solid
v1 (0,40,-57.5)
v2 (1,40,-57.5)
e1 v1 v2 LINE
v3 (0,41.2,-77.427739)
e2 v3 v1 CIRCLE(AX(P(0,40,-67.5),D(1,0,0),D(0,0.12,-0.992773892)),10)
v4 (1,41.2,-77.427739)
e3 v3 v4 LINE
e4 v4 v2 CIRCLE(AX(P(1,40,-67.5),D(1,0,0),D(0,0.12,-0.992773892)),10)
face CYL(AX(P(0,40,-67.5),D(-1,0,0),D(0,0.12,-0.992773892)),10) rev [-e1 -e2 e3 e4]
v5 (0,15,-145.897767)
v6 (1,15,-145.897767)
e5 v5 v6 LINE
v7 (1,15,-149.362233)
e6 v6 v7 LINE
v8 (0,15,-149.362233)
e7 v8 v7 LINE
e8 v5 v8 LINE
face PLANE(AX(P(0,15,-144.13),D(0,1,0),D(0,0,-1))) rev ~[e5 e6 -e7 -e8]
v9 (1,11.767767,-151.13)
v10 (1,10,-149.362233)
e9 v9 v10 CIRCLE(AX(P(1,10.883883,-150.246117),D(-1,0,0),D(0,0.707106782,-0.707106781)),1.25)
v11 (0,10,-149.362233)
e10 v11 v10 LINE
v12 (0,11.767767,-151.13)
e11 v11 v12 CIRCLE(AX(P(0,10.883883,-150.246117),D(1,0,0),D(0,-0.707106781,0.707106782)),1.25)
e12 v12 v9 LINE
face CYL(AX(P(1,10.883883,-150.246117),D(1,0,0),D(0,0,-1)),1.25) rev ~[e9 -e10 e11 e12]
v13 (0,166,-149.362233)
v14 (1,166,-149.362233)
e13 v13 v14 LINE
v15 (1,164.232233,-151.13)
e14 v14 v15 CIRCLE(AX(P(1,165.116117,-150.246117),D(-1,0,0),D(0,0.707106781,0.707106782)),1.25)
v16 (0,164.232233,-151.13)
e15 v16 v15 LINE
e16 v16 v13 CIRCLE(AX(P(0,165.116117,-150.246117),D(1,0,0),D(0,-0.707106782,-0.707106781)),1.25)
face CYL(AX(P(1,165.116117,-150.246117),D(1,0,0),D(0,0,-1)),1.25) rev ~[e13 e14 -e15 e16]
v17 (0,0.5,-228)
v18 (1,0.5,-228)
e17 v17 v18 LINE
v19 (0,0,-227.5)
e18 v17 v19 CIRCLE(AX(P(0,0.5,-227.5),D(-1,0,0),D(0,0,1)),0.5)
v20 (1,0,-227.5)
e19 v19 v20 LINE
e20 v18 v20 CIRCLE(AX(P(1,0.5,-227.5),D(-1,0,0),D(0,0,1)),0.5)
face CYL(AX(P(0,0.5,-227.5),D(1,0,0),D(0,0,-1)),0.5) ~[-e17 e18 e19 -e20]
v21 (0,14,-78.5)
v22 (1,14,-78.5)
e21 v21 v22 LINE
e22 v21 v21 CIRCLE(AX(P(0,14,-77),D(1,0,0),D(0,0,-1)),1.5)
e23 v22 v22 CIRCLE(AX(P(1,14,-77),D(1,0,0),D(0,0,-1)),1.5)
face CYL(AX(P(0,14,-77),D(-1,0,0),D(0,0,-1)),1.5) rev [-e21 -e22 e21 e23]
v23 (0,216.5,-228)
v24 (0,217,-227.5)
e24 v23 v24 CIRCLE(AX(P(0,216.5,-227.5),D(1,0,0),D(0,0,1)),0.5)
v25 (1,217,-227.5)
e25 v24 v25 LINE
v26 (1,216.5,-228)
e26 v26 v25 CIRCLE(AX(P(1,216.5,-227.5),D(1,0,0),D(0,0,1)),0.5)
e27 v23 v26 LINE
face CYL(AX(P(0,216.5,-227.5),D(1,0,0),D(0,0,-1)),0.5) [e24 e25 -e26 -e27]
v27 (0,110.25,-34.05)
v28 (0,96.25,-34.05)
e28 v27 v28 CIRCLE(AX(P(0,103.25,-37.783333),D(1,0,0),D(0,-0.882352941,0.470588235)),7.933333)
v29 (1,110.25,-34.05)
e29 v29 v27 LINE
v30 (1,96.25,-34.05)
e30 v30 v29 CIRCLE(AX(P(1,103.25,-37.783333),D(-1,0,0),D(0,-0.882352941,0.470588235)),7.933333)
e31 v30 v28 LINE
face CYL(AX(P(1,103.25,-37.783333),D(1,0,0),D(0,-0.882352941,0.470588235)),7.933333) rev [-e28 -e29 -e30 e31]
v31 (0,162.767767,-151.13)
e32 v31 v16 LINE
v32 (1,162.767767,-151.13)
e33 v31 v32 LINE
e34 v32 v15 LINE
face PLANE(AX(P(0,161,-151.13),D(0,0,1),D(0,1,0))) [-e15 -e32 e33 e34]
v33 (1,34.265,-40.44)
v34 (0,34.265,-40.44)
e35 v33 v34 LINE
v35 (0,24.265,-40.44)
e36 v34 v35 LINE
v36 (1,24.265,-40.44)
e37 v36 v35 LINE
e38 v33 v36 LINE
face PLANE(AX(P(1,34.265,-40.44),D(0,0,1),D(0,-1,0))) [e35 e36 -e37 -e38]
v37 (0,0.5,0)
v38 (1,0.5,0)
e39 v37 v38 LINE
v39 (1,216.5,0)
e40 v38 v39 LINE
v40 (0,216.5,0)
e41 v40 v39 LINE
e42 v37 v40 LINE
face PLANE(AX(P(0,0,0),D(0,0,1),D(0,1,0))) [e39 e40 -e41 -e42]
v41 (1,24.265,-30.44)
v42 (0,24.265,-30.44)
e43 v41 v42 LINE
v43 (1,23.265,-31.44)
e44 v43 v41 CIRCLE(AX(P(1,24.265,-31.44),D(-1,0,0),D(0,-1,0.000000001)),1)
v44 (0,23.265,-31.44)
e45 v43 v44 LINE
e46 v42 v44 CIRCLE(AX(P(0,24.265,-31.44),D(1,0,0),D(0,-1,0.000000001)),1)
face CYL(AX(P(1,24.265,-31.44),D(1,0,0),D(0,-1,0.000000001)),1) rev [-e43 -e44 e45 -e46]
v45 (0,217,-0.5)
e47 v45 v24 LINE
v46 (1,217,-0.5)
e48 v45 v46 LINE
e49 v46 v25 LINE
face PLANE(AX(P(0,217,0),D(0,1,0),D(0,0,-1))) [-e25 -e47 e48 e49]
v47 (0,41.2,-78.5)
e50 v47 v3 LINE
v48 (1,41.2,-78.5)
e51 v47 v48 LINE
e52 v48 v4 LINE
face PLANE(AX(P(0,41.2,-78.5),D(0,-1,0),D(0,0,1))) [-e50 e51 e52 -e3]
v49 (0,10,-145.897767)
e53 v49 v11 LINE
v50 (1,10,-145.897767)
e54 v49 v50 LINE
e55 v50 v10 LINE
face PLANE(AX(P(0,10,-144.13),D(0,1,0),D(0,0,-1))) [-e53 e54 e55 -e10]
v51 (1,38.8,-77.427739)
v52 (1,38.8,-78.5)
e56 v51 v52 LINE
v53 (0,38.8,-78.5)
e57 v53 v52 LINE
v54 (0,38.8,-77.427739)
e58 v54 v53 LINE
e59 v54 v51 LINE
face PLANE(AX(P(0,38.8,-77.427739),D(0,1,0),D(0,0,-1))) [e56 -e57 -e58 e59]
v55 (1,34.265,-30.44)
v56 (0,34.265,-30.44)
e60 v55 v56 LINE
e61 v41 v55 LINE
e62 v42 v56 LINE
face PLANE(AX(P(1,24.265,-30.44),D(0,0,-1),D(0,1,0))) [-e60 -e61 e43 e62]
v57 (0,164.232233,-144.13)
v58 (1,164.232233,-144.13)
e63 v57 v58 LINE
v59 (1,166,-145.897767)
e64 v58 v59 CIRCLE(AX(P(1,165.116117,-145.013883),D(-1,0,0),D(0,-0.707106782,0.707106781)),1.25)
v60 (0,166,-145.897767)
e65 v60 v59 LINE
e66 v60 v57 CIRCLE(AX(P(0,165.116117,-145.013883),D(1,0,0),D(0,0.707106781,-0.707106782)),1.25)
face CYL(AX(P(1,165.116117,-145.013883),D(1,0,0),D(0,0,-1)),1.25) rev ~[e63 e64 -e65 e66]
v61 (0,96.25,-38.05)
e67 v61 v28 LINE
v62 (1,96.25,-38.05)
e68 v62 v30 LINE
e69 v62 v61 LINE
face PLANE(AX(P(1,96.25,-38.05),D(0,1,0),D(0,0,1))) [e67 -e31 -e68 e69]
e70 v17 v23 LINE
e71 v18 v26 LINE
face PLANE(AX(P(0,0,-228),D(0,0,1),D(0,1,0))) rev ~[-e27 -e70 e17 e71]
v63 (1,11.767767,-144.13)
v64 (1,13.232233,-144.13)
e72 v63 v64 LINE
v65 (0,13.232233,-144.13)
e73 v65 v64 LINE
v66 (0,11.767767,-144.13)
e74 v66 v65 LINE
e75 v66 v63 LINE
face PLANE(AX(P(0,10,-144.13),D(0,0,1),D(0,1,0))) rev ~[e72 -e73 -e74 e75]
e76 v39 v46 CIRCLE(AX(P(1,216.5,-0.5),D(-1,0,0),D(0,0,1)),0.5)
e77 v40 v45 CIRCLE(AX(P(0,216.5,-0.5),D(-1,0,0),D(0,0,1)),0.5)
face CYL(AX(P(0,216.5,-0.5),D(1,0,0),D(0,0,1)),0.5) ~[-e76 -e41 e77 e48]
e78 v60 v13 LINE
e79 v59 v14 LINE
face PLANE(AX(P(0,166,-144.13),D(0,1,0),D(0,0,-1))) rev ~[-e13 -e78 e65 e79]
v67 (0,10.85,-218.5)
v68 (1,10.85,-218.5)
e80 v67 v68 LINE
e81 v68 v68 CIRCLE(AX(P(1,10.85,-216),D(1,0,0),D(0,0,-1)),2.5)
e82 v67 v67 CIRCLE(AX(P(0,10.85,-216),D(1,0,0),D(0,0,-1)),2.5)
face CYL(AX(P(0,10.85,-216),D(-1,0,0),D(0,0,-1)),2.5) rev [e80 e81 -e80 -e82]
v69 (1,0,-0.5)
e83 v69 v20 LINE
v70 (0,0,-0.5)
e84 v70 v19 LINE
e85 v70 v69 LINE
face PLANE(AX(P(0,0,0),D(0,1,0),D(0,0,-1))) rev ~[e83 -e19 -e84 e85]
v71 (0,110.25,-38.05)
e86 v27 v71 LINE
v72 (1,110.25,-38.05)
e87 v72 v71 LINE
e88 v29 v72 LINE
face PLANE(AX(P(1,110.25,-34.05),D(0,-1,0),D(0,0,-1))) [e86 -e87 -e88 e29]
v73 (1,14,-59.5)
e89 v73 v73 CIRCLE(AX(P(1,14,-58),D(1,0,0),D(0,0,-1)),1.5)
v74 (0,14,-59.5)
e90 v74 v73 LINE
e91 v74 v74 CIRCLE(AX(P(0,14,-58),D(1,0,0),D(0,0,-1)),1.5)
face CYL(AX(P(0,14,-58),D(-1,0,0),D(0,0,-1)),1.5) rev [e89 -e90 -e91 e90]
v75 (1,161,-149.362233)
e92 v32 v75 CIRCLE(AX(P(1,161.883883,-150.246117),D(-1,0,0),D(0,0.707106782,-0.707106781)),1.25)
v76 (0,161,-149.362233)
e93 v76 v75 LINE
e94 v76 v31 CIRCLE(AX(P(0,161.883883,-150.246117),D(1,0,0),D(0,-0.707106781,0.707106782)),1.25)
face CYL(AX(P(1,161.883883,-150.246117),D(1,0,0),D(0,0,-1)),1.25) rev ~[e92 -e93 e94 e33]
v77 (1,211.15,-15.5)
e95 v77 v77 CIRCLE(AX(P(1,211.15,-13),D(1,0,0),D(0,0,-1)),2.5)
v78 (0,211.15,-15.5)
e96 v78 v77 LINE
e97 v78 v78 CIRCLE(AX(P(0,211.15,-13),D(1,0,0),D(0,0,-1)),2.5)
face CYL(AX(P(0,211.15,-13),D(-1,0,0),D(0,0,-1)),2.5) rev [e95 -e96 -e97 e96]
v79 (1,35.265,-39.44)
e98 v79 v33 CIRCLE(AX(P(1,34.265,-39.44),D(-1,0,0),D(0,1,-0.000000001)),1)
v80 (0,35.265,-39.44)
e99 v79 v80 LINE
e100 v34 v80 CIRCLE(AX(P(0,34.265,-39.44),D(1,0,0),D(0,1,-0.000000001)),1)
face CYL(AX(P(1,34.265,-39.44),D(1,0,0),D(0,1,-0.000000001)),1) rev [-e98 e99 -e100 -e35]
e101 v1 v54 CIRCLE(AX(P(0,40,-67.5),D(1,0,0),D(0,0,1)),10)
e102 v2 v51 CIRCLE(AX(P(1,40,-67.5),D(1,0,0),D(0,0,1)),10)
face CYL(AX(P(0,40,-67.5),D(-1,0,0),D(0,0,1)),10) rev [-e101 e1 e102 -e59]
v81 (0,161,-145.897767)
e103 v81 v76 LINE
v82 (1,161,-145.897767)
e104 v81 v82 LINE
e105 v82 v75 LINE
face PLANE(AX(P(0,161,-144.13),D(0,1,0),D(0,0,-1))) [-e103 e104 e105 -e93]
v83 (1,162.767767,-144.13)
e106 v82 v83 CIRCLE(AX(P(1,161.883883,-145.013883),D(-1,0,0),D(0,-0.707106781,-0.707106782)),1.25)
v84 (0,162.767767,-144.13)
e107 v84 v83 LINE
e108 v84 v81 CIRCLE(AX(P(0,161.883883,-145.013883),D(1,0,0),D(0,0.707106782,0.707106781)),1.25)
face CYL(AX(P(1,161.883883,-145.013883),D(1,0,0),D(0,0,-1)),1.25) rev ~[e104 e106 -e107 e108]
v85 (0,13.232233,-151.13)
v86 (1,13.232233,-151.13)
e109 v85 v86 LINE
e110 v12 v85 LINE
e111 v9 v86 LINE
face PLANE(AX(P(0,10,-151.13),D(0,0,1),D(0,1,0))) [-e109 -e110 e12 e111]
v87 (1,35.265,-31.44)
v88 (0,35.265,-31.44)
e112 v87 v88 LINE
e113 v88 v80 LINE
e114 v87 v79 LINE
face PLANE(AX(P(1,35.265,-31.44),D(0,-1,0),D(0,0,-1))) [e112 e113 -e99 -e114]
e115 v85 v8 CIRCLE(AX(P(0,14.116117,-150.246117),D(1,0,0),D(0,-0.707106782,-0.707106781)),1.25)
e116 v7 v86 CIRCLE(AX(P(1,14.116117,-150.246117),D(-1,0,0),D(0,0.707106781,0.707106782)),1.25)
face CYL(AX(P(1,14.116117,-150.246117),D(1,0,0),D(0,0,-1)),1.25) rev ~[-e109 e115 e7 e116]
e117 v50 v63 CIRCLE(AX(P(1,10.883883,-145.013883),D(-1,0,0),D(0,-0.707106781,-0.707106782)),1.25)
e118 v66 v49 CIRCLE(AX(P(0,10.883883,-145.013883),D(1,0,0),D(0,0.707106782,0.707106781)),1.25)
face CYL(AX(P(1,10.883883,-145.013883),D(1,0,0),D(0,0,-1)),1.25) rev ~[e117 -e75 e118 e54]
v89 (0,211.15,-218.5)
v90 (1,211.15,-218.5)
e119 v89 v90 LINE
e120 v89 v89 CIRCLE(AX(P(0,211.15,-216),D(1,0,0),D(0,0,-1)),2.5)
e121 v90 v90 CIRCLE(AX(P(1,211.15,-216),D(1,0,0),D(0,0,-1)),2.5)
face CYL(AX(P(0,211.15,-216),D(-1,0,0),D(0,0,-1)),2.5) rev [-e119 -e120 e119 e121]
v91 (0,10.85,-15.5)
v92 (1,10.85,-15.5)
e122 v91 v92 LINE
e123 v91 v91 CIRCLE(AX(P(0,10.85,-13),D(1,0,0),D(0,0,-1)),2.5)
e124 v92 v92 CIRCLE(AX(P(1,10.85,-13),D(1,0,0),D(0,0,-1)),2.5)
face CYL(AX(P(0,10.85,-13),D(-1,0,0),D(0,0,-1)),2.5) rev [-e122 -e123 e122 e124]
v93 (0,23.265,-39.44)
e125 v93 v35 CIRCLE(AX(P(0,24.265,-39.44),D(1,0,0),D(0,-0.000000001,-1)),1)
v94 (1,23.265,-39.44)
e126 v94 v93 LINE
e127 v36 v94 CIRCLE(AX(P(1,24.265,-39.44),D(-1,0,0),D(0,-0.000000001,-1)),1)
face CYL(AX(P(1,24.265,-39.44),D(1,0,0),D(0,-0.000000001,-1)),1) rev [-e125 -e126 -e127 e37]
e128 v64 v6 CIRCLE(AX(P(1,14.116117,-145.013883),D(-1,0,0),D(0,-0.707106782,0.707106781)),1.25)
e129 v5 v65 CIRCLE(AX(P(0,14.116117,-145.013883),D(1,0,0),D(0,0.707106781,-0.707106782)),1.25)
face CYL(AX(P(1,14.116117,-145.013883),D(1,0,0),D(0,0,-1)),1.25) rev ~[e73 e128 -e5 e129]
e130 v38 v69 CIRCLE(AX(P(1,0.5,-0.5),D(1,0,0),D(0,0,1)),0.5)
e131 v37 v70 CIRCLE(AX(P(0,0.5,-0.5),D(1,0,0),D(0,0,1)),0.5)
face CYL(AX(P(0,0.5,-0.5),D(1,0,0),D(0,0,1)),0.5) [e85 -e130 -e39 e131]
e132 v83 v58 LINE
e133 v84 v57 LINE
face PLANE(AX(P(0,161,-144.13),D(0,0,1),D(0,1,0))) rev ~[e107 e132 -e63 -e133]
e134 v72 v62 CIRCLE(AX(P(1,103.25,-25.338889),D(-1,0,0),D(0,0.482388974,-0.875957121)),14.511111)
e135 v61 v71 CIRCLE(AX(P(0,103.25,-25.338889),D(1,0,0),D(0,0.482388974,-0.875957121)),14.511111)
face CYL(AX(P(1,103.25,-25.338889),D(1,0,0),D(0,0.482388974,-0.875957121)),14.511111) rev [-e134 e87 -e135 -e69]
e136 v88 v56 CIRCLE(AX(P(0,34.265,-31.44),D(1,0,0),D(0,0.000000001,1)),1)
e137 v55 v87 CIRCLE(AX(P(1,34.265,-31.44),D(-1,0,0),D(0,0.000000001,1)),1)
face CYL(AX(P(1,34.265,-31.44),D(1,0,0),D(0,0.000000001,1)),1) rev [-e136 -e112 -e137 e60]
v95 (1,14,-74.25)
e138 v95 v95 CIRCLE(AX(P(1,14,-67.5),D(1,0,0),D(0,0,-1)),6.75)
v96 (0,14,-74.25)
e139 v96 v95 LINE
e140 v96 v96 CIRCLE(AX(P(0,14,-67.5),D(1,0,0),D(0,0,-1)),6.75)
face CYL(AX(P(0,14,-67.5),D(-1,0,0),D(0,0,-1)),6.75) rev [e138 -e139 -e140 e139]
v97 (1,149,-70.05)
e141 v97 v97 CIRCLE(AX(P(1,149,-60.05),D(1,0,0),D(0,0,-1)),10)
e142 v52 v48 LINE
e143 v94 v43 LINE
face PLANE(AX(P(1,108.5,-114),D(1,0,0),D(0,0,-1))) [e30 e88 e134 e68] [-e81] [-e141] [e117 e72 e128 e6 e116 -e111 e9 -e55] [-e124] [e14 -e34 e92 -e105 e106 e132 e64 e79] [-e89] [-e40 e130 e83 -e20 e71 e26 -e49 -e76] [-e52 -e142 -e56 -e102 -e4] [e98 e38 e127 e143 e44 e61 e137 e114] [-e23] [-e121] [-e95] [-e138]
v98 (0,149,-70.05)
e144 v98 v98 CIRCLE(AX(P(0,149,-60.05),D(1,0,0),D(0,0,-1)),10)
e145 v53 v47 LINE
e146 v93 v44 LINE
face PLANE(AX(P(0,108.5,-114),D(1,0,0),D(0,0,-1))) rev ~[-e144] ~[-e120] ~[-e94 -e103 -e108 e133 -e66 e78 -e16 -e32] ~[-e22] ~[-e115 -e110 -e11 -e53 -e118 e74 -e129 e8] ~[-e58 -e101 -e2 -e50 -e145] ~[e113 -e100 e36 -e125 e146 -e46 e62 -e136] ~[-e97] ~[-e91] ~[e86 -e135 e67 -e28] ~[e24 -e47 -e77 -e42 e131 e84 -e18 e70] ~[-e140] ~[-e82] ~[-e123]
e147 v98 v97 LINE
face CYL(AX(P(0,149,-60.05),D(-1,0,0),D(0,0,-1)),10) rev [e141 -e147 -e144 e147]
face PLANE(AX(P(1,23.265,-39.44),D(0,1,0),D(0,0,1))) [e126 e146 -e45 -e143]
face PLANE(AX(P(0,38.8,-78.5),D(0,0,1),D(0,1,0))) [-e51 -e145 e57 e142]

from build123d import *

# Parameters (mm, degrees)
SKETCH1_W           = 228
SKETCH1_H           = 217
SKETCH1_R           = 2.5
SKETCH1_R_2         = 6.75
SKETCH1_R_3         = 10
SKETCH1_R_4         = 1.5
SKETCH1_W_2         = 7
SKETCH1_H_2         = 5
BOSS_EXTRUDE1_DEPTH = 1
SKETCH5_R           = 1.25
CUT_EXTRUDE3_DEPTH  = 315.760226204
FILLET1_R           = 0.5


with BuildPart() as part:
    # Sketch1 → Boss-Extrude1 (new body)
    with BuildSketch(Plane(origin=(0, 0, 0), x_dir=(0, 0, -1), z_dir=(1, 0, 0))):
        with Locations((114, 108.5)):
            Rectangle(SKETCH1_W, SKETCH1_H)
        with Locations((13, 10.85)):
            Circle(SKETCH1_R, mode=Mode.SUBTRACT)
        with Locations((13, 211.15)):
            Circle(SKETCH1_R, mode=Mode.SUBTRACT)
        with Locations((67.5, 14)):
            Circle(SKETCH1_R_2, mode=Mode.SUBTRACT)
        with Locations((216, 10.85)):
            Circle(SKETCH1_R, mode=Mode.SUBTRACT)
        with Locations((216, 211.15)):
            Circle(SKETCH1_R, mode=Mode.SUBTRACT)
        with Locations((60.05, 149)):
            Circle(SKETCH1_R_3, mode=Mode.SUBTRACT)
        with Locations((77, 14)):
            Circle(SKETCH1_R_4, mode=Mode.SUBTRACT)
        with Locations((58, 14)):
            Circle(SKETCH1_R_4, mode=Mode.SUBTRACT)
        with Locations((147.63, 12.5)):
            Rectangle(SKETCH1_W_2, SKETCH1_H_2, mode=Mode.SUBTRACT)
        with Locations((147.63, 163.5)):
            Rectangle(SKETCH1_W_2, SKETCH1_H_2, mode=Mode.SUBTRACT)
        with BuildLine():
            Line((78.5, 41.2), (77.427738917, 41.2))
            ThreePointArc((77.427738917, 41.2), (66.898913138, 49.981918382), (57.5, 40))
            ThreePointArc((57.5, 40), (66.898913138, 30.018081618), (77.427738917, 38.8))
            Line((77.427738917, 38.8), (78.5, 38.8))
            Line((78.5, 38.8), (78.5, 41.2))
        make_face(mode=Mode.SUBTRACT)
    extrude(amount=BOSS_EXTRUDE1_DEPTH)

    # Sketch5 → Cut-Extrude3 (cut, through all)
    with BuildSketch(Plane(origin=(1, 0, 0), x_dir=(0, 0, -1), z_dir=(1, 0, 0))):
        with Locations((145.013883476, 165.116116524)):
            Circle(SKETCH5_R)
        with Locations((150.246116524, 165.116116524)):
            Circle(SKETCH5_R)
        with Locations((145.013883476, 161.883883476)):
            Circle(SKETCH5_R)
        with Locations((150.246116524, 161.883883476)):
            Circle(SKETCH5_R)
        with Locations((150.246116524, 14.116116524)):
            Circle(SKETCH5_R)
        with Locations((150.246116524, 10.883883476)):
            Circle(SKETCH5_R)
        with Locations((145.013883476, 10.883883476)):
            Circle(SKETCH5_R)
        with Locations((145.013883476, 14.116116524)):
            Circle(SKETCH5_R)
        with BuildLine():
            Line((34.05, 110.25), (38.05, 110.25))
            ThreePointArc((38.05, 110.25), (39.85, 103.25), (38.05, 96.25))
            Line((38.05, 96.25), (34.05, 96.25))
            ThreePointArc((34.05, 96.25), (29.85, 103.25), (34.05, 110.25))
        make_face()
        with BuildLine():
            Line((31.44, 35.265), (39.44, 35.265))
            ThreePointArc((39.44, 35.265), (40.147106781, 34.972106781), (40.44, 34.265))
            Line((40.44, 34.265), (40.44, 24.265))
            ThreePointArc((40.44, 24.265), (40.147106781, 23.557893219), (39.44, 23.265))
            Line((39.44, 23.265), (31.44, 23.265))
            ThreePointArc((31.44, 23.265), (30.732893219, 23.557893219), (30.44, 24.265))
            Line((30.44, 24.265), (30.44, 34.265))
            ThreePointArc((30.44, 34.265), (30.732893219, 34.972106781), (31.44, 35.265))
        make_face()
    extrude(amount=-CUT_EXTRUDE3_DEPTH, mode=Mode.SUBTRACT)

    # Fillet1
    fillet1_edges = [part.edges().sort_by_distance(p)[0] for p in [
        (0.5, 0, -228),
        (0.5, 0, 0),
        (0.5, 217, 0),
        (0.5, 217, -228),
    ]]
    fillet(fillet1_edges, radius=FILLET1_R)


solid = part.part
